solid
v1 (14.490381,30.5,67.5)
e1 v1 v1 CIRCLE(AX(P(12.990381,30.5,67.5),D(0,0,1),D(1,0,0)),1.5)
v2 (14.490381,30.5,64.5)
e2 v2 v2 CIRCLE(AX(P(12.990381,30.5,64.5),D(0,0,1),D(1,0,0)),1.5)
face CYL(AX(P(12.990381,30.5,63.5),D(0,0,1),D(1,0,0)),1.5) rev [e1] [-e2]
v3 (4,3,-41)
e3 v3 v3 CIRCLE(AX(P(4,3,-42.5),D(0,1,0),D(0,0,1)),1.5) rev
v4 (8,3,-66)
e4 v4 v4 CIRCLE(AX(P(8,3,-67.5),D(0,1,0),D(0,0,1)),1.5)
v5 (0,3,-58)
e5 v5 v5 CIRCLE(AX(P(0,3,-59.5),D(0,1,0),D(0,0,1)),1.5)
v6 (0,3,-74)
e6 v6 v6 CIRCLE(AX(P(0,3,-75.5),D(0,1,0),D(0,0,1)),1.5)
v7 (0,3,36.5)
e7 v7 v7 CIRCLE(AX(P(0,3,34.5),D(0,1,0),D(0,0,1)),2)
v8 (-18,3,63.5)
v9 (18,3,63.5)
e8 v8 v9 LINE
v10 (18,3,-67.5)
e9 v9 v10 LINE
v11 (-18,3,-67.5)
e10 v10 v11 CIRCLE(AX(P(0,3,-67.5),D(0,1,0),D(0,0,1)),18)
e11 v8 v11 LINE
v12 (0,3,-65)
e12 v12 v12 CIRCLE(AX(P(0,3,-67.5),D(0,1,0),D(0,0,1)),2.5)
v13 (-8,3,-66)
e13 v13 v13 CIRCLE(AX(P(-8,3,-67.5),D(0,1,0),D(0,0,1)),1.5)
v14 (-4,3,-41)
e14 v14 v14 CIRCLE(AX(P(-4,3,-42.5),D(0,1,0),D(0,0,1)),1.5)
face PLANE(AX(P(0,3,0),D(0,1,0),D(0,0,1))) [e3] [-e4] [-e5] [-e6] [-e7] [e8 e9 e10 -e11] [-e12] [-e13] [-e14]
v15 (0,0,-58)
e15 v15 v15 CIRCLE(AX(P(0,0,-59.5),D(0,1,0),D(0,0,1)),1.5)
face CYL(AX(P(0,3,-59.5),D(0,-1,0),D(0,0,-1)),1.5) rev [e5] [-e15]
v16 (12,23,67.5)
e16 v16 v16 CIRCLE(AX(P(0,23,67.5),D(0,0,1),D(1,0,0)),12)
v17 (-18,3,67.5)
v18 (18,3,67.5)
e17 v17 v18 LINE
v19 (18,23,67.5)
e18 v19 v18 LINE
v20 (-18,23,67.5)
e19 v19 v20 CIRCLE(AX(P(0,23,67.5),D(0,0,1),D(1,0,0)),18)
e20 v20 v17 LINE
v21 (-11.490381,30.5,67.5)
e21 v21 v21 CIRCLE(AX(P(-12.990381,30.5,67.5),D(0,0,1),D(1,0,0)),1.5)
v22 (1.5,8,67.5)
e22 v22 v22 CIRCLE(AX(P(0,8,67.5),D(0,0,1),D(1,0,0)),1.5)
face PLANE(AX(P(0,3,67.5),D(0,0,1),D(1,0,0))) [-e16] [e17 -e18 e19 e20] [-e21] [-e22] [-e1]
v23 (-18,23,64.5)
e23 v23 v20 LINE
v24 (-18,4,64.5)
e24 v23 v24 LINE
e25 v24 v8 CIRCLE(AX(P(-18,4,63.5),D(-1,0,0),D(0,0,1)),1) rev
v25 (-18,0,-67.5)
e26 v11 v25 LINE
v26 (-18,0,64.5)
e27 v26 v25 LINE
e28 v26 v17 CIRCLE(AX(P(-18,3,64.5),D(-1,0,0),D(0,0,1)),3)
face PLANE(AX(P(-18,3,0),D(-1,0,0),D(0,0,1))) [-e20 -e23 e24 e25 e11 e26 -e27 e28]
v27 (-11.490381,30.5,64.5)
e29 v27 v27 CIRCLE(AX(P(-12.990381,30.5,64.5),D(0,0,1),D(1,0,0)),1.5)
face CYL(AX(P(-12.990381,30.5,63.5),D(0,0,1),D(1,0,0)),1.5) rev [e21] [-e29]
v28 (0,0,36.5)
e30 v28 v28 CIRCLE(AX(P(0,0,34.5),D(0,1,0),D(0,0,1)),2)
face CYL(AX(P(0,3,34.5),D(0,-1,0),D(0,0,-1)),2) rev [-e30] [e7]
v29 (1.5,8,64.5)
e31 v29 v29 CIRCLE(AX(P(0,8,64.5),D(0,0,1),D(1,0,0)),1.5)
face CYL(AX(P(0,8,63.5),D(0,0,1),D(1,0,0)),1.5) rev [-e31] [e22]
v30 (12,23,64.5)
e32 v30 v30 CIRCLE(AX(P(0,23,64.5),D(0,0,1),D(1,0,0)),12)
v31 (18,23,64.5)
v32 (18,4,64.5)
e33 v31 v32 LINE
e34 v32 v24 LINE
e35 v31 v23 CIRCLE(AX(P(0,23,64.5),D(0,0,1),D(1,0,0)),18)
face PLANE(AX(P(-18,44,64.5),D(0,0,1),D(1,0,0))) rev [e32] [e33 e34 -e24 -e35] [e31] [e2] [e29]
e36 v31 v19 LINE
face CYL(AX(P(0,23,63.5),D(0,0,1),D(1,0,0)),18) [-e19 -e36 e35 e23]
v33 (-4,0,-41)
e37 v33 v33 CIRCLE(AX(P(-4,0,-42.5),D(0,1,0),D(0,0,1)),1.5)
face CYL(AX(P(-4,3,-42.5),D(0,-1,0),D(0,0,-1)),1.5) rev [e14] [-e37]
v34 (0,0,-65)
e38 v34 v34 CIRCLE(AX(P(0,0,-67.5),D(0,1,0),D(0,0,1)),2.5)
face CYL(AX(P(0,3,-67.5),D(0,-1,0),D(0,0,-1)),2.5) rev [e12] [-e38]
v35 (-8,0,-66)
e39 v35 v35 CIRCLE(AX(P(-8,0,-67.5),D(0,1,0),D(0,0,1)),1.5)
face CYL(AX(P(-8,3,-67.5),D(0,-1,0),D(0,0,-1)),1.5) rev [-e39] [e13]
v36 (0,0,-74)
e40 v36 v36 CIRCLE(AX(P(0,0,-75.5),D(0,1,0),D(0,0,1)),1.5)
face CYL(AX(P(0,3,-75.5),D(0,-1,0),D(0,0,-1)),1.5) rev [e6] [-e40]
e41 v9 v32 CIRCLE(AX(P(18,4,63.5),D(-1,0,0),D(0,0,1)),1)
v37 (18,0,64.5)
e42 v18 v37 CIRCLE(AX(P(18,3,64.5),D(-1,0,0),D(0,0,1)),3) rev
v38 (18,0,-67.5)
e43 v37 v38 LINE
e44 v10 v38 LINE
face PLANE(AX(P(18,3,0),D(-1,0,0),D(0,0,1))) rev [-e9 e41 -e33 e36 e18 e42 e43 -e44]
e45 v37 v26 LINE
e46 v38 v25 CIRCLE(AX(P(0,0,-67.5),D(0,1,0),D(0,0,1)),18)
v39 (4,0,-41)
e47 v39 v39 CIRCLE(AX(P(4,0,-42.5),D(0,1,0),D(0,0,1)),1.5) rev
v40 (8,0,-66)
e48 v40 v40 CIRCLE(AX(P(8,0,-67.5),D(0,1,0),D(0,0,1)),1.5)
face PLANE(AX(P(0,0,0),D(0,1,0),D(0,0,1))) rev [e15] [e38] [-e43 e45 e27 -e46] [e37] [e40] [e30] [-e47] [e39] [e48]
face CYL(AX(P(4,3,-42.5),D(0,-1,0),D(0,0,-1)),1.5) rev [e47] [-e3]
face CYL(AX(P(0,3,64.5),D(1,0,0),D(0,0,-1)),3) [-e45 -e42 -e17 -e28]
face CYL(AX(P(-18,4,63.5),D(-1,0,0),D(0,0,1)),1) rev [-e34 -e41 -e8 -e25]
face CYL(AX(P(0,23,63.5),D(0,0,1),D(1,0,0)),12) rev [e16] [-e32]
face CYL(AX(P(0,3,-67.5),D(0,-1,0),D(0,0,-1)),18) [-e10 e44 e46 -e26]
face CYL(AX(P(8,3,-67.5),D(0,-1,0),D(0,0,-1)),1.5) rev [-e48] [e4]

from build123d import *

# Parameters (mm, degrees)
SKETCH_1_R          = 1.5
SKETCH_1_R_2        = 2.5
SKETCH_1_R_3        = 2
EXTRUDE_1_DEPTH     = 3
SKETCH_2_W          = 36
SKETCH_2_H          = 3
EXTRUDE_2_DEPTH     = 41
CUT_EXTRUDE_1_DEPTH = 4
SKETCH_5_R          = 1.5
SKETCH_5_R_2        = 12
CUT_EXTRUDE_2_DEPTH = 4
FILLET_1_R          = 3
FILLET_2_R          = 1


with BuildPart() as part:
    # 草图1 → 凸台-拉伸1 (new body)
    with BuildSketch(Plane(origin=(0, 0, 0), x_dir=(1, 0, 0), z_dir=(0, 1, 0))):
        with BuildLine():
            Line((18, -67.5), (-18, -67.5))
            Line((-18, -67.5), (-18, 67.5))
            ThreePointArc((-18, 67.5), (0, 85.5), (18, 67.5))
            Line((18, 67.5), (18, -67.5))
        make_face()
        with Locations(Location((0, 75.5, 0), (0, 0, 270))):
            Circle(SKETCH_1_R, mode=Mode.SUBTRACT)
        with Locations(Location((0, 59.5, 0), (0, 0, 270))):
            Circle(SKETCH_1_R, mode=Mode.SUBTRACT)
        with Locations(Location((-8, 67.5, 0), (0, 0, 270))):
            Circle(SKETCH_1_R, mode=Mode.SUBTRACT)
        with Locations(Location((8, 67.5, 0), (0, 0, 270))):
            Circle(SKETCH_1_R, mode=Mode.SUBTRACT)
        with Locations(Location((0, 67.5, 0), (0, 0, 270))):
            Circle(SKETCH_1_R_2, mode=Mode.SUBTRACT)
        with Locations(Location((-4, 42.5, 0), (0, 0, 270))):
            Circle(SKETCH_1_R, mode=Mode.SUBTRACT)
        with Locations(Location((4, 42.5, 0), (0, 0, 270))):
            Circle(SKETCH_1_R, mode=Mode.SUBTRACT)
        with Locations(Location((0, -34.5, 0), (0, 0, 270))):
            Circle(SKETCH_1_R_3, mode=Mode.SUBTRACT)
    extrude(amount=EXTRUDE_1_DEPTH)

    # 草图2 → 凸台-拉伸2 (add)
    with BuildSketch(Plane(origin=(0, 3, 0), x_dir=(1, 0, 0), z_dir=(0, 1, 0))):
        with Locations((0, -66)):
            Rectangle(SKETCH_2_W, SKETCH_2_H)
    extrude(amount=EXTRUDE_2_DEPTH)

    # 草图3 → 切除-拉伸1 (cut)
    with BuildSketch(Plane.XY.offset(67.5)):
        with BuildLine():
            Line((-18, 44), (-18, 23))
            ThreePointArc((-18, 23), (0, 41), (18, 23))
            Line((18, 23), (18, 44))
            Line((18, 44), (-18, 44))
        make_face()
    extrude(amount=-CUT_EXTRUDE_1_DEPTH, mode=Mode.SUBTRACT)

    # 草图5 → 切除-拉伸2 (cut)
    with BuildSketch(Plane.XY.offset(67.5)):
        with Locations((0, 8)):
            Circle(SKETCH_5_R)
        with Locations((-12.990381057, 30.5)):
            Circle(SKETCH_5_R)
        with Locations((12.990381057, 30.5)):
            Circle(SKETCH_5_R)
        with Locations((0, 23)):
            Circle(SKETCH_5_R_2)
    extrude(amount=-CUT_EXTRUDE_2_DEPTH, mode=Mode.SUBTRACT)

    # 圆角1
    fillet_1_edges = [part.edges().sort_by_distance(p)[0] for p in [
        (0, 0, 67.5),
    ]]
    fillet(fillet_1_edges, radius=FILLET_1_R)

    # 圆角2
    fillet_2_edges = [part.edges().sort_by_distance(p)[0] for p in [
        (0, 3, 64.5),
    ]]
    fillet(fillet_2_edges, radius=FILLET_2_R)


solid = part.part
